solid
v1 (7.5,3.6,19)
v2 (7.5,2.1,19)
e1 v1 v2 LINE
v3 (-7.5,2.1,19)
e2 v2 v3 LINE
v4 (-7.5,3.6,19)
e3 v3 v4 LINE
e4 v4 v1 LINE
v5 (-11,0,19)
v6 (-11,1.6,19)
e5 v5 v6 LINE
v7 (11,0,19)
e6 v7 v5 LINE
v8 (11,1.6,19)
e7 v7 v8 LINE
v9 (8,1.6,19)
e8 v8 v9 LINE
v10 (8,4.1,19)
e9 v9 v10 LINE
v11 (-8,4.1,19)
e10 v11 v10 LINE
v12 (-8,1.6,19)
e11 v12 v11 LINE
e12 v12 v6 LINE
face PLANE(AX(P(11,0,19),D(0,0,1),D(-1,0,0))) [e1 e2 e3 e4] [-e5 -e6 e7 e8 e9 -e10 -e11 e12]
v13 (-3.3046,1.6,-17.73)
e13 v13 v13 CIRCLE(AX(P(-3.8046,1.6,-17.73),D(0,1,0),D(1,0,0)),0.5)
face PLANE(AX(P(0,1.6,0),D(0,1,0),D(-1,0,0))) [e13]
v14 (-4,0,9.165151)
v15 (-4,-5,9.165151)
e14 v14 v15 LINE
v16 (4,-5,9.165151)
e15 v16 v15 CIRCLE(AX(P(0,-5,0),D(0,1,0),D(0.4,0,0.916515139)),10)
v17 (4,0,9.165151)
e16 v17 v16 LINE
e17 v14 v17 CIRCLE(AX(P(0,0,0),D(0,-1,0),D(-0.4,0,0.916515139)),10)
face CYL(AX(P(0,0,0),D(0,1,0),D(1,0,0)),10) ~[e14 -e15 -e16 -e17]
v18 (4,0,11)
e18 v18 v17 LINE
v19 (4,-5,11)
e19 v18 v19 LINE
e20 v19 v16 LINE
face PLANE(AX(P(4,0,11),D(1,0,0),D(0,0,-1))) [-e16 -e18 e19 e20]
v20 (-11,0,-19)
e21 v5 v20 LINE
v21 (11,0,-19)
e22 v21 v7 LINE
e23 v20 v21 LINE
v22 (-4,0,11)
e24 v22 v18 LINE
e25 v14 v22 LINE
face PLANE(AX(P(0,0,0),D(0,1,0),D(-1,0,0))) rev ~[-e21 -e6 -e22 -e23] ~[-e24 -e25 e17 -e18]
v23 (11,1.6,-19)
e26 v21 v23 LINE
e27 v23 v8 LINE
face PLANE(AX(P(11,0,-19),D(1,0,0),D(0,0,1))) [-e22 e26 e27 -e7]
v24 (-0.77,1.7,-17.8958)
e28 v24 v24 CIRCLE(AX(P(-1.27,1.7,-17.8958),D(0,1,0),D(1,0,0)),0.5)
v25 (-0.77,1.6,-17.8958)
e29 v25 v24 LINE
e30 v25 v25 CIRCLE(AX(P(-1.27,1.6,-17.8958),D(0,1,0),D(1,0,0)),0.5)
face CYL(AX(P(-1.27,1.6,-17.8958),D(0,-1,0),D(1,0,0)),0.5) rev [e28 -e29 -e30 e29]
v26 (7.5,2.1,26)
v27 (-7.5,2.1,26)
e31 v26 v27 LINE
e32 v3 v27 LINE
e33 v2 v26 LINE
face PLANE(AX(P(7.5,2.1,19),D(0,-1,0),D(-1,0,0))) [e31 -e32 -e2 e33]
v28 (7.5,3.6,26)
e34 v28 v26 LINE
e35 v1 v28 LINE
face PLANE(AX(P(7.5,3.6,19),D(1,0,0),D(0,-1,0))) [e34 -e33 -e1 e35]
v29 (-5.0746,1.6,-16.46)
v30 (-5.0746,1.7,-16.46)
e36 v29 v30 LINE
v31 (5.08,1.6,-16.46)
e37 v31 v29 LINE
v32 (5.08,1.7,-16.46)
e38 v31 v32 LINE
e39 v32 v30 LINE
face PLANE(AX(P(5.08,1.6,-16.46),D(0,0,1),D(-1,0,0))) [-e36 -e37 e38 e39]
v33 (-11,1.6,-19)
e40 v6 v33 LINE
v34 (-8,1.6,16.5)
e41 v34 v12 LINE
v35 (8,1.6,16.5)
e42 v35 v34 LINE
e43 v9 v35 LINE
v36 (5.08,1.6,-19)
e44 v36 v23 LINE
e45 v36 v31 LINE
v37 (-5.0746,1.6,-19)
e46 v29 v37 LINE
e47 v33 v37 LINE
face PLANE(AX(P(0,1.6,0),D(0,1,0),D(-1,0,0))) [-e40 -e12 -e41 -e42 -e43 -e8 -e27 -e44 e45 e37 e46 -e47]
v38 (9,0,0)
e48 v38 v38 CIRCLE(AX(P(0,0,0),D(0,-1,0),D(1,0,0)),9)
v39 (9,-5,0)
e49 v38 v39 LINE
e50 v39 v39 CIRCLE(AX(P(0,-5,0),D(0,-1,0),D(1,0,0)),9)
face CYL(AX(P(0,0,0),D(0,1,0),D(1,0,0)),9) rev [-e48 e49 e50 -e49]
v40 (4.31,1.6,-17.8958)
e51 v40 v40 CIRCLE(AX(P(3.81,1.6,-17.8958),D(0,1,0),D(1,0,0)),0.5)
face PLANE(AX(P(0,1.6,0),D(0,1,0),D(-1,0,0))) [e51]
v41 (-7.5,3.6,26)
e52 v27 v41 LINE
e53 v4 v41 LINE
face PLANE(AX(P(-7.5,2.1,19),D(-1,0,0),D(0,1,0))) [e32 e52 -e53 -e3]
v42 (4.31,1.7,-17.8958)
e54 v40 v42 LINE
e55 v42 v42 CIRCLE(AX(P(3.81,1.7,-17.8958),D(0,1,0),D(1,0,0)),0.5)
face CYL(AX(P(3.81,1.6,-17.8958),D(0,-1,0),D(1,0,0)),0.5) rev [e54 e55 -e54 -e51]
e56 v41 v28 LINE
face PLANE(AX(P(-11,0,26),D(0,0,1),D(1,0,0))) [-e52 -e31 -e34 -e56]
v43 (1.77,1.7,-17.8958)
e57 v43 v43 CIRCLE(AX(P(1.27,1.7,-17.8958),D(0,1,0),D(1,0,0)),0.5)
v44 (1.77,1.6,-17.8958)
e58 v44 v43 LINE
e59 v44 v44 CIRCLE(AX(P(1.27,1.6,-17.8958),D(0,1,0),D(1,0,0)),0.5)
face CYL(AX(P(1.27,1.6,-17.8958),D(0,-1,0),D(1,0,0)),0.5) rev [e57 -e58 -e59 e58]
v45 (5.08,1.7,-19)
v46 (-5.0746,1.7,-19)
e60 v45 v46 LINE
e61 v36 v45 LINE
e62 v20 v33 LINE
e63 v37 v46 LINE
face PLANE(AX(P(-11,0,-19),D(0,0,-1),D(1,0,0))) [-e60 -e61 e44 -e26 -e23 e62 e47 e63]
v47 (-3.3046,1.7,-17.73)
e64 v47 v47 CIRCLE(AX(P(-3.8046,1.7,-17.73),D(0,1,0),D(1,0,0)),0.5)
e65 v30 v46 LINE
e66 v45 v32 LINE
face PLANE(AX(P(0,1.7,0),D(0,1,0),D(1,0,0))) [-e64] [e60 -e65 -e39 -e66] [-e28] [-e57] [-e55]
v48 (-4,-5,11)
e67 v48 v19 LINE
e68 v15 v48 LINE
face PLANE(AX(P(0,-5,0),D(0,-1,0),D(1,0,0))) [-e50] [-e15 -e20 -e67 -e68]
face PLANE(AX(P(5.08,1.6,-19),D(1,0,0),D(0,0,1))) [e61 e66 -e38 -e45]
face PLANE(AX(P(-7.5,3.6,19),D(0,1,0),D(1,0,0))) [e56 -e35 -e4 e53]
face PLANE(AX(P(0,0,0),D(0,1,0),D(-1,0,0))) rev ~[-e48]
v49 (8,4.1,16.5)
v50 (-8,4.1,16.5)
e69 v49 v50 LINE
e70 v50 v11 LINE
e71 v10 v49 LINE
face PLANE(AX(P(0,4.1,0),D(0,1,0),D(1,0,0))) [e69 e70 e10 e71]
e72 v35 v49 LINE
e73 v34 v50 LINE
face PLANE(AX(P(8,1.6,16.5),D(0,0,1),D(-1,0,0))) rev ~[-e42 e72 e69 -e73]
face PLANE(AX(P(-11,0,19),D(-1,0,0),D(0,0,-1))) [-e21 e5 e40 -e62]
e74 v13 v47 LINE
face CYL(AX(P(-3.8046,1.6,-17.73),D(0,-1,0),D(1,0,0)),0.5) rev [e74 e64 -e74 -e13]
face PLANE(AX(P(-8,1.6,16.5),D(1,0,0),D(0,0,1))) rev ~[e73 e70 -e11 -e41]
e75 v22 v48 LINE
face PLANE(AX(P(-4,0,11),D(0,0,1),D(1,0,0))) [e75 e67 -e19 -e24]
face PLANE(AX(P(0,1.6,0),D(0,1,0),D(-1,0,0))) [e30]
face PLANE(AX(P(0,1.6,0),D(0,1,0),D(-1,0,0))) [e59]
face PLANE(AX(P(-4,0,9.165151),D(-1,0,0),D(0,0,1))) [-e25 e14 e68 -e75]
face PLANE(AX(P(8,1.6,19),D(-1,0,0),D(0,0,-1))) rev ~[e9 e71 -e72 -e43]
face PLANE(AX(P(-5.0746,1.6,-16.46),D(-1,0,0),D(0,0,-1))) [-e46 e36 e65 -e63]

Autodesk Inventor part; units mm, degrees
ref_plane "YZ Plane" through (0, 0, 0) normal (1, 0, 0) x (0, 1, 0)
ref_plane "XZ Plane" through (0, 0, 0) normal (0, 1, 0) x (-1, 0, 0)
ref_plane "XY Plane" through (0, 0, 0) normal (0, 0, 1) x (1, 0, 0)
sketch "Sketch1" plane through (0, 0, 0) normal (0, 1, 0) x (-1, 0, 0)
  line L0 (11, -19) -> (-11, -19)
  line L1 (-11, -19) -> (-11, 19)
  line L2 (-11, 19) -> (11, 19)
  line L3 (11, 19) -> (11, -19)
  line L4 (11, -19) -> (-11, 19) construction
  line L5 (-11, -19) -> (11, 19) construction
  point P0 (0, 0)
  dimension "d0" = 22
  dimension "d1" = 38
extrude "Extrusion1" add sketch "Sketch1" along normal blind 1.6
sketch "Sketch2" plane through (0, 0, 0) normal (0, -1, 0) x (1, 0, 0)
  circle A0 centre (0, 0) radius 10
  circle A1 centre (0, 0) radius 9
  line L0 (-4, 9) -> (-4, 9)
  line L1 (-4, 9) -> (-4, 11)
  line L2 (-4, 11) -> (4, 11)
  line L3 (4, 11) -> (4, 9)
  point P0 (-4, 9.1652)
  point P1 (4, 9.1652)
  dimension "d4" = 20
  dimension "d7" = 18
  dimension "d8" = 8
  dimension "d9" = 2
  dimension "d10" = 0
extrude "Extrusion2" add sketch "Sketch2" along normal blind 5
sketch "Sketch3" plane through (0, 1.6, 0) normal (0, 1, 0) x (1, 0, 0)
  line L0 (-11, -19) -> (11, -19) projected
  line L1 (-8, -19) -> (8, -19)
  line L2 (8, -19) -> (8, -16.5)
  line L3 (8, -16.5) -> (-8, -16.5)
  line L4 (-8, -16.5) -> (-8, -19)
  line L5 (-11, 19) -> (-11, -19) projected
  line L6 (11, -19) -> (11, 19) projected
  point P0 (0, 0)
  dimension "d11" = 2.5
  dimension "d12" = 3
  dimension "d13" = 3
extrude "Extrusion3" add sketch "Sketch3" along normal blind 2.5
sketch "Sketch4" plane through (0, 1.6, 0) normal (0, 1, 0) x (1, 0, 0)
  line L0 (11, 19) -> (-11, 19) projected
  line L1 (-5.0746, 19) -> (5.08, 19)
  line L2 (5.08, 19) -> (5.08, 16.46)
  line L3 (5.08, 16.46) -> (-5.0746, 16.46)
  line L4 (-5.0746, 16.46) -> (-5.0746, 19)
  line L5 (-11, 19) -> (-11, -19) projected
  line L6 (11, -19) -> (11, 19) projected
  circle A0 centre (-3.8046, 17.73) radius 0.5
  circle A1 centre (-1.27, 17.8958) radius 0.5
  circle A2 centre (1.27, 17.8958) radius 0.5
  circle A3 centre (3.81, 17.8958) radius 0.5
  point P0 (0, 0)
  point P1 (0.0027, 19)
  point P2 (0, 19)
  dimension "d16" = 2.54
  dimension "d19" = 1
  dimension "d20" = 1
  dimension "d21" = 1
  dimension "d22" = 1
  dimension "d23" = 2.54
  dimension "d24" = 2.54
  dimension "d25" = 2.54
  dimension "d26" = 1.27
  dimension "d27" = 1.27
  dimension "d29" = 1.27
  dimension "d30" = 1.27
extrude "Extrusion4" add sketch "Sketch4" along normal blind 0.1
sketch "Sketch5" plane through (-11, 0, 19) normal (0, 0, 1) x (1, 0, 0)
  line L0 (3.5, 3.6) -> (18.5, 3.6)
  line L1 (18.5, 3.6) -> (18.5, 2.1)
  line L2 (18.5, 2.1) -> (3.5, 2.1)
  line L3 (3.5, 2.1) -> (3.5, 3.6)
  line L4 (3, 4.1) -> (19, 4.1) projected
  line L5 (3, 1.6) -> (3, 4.1) projected
  line L6 (19, 1.6) -> (19, 4.1) projected
  line L7 (0, 1.6) -> (3, 1.6) projected
  point P0 (11, 0)
  dimension "d35" = 0.5
  dimension "d36" = 0.5
  dimension "d37" = 0.5
  dimension "d38" = 0.5
extrude "Extrusion5" add sketch "Sketch5" along normal blind 7
equation "\"d13\" = d12"
properties part number "ZS042" material "PC/ABS Plastic"
